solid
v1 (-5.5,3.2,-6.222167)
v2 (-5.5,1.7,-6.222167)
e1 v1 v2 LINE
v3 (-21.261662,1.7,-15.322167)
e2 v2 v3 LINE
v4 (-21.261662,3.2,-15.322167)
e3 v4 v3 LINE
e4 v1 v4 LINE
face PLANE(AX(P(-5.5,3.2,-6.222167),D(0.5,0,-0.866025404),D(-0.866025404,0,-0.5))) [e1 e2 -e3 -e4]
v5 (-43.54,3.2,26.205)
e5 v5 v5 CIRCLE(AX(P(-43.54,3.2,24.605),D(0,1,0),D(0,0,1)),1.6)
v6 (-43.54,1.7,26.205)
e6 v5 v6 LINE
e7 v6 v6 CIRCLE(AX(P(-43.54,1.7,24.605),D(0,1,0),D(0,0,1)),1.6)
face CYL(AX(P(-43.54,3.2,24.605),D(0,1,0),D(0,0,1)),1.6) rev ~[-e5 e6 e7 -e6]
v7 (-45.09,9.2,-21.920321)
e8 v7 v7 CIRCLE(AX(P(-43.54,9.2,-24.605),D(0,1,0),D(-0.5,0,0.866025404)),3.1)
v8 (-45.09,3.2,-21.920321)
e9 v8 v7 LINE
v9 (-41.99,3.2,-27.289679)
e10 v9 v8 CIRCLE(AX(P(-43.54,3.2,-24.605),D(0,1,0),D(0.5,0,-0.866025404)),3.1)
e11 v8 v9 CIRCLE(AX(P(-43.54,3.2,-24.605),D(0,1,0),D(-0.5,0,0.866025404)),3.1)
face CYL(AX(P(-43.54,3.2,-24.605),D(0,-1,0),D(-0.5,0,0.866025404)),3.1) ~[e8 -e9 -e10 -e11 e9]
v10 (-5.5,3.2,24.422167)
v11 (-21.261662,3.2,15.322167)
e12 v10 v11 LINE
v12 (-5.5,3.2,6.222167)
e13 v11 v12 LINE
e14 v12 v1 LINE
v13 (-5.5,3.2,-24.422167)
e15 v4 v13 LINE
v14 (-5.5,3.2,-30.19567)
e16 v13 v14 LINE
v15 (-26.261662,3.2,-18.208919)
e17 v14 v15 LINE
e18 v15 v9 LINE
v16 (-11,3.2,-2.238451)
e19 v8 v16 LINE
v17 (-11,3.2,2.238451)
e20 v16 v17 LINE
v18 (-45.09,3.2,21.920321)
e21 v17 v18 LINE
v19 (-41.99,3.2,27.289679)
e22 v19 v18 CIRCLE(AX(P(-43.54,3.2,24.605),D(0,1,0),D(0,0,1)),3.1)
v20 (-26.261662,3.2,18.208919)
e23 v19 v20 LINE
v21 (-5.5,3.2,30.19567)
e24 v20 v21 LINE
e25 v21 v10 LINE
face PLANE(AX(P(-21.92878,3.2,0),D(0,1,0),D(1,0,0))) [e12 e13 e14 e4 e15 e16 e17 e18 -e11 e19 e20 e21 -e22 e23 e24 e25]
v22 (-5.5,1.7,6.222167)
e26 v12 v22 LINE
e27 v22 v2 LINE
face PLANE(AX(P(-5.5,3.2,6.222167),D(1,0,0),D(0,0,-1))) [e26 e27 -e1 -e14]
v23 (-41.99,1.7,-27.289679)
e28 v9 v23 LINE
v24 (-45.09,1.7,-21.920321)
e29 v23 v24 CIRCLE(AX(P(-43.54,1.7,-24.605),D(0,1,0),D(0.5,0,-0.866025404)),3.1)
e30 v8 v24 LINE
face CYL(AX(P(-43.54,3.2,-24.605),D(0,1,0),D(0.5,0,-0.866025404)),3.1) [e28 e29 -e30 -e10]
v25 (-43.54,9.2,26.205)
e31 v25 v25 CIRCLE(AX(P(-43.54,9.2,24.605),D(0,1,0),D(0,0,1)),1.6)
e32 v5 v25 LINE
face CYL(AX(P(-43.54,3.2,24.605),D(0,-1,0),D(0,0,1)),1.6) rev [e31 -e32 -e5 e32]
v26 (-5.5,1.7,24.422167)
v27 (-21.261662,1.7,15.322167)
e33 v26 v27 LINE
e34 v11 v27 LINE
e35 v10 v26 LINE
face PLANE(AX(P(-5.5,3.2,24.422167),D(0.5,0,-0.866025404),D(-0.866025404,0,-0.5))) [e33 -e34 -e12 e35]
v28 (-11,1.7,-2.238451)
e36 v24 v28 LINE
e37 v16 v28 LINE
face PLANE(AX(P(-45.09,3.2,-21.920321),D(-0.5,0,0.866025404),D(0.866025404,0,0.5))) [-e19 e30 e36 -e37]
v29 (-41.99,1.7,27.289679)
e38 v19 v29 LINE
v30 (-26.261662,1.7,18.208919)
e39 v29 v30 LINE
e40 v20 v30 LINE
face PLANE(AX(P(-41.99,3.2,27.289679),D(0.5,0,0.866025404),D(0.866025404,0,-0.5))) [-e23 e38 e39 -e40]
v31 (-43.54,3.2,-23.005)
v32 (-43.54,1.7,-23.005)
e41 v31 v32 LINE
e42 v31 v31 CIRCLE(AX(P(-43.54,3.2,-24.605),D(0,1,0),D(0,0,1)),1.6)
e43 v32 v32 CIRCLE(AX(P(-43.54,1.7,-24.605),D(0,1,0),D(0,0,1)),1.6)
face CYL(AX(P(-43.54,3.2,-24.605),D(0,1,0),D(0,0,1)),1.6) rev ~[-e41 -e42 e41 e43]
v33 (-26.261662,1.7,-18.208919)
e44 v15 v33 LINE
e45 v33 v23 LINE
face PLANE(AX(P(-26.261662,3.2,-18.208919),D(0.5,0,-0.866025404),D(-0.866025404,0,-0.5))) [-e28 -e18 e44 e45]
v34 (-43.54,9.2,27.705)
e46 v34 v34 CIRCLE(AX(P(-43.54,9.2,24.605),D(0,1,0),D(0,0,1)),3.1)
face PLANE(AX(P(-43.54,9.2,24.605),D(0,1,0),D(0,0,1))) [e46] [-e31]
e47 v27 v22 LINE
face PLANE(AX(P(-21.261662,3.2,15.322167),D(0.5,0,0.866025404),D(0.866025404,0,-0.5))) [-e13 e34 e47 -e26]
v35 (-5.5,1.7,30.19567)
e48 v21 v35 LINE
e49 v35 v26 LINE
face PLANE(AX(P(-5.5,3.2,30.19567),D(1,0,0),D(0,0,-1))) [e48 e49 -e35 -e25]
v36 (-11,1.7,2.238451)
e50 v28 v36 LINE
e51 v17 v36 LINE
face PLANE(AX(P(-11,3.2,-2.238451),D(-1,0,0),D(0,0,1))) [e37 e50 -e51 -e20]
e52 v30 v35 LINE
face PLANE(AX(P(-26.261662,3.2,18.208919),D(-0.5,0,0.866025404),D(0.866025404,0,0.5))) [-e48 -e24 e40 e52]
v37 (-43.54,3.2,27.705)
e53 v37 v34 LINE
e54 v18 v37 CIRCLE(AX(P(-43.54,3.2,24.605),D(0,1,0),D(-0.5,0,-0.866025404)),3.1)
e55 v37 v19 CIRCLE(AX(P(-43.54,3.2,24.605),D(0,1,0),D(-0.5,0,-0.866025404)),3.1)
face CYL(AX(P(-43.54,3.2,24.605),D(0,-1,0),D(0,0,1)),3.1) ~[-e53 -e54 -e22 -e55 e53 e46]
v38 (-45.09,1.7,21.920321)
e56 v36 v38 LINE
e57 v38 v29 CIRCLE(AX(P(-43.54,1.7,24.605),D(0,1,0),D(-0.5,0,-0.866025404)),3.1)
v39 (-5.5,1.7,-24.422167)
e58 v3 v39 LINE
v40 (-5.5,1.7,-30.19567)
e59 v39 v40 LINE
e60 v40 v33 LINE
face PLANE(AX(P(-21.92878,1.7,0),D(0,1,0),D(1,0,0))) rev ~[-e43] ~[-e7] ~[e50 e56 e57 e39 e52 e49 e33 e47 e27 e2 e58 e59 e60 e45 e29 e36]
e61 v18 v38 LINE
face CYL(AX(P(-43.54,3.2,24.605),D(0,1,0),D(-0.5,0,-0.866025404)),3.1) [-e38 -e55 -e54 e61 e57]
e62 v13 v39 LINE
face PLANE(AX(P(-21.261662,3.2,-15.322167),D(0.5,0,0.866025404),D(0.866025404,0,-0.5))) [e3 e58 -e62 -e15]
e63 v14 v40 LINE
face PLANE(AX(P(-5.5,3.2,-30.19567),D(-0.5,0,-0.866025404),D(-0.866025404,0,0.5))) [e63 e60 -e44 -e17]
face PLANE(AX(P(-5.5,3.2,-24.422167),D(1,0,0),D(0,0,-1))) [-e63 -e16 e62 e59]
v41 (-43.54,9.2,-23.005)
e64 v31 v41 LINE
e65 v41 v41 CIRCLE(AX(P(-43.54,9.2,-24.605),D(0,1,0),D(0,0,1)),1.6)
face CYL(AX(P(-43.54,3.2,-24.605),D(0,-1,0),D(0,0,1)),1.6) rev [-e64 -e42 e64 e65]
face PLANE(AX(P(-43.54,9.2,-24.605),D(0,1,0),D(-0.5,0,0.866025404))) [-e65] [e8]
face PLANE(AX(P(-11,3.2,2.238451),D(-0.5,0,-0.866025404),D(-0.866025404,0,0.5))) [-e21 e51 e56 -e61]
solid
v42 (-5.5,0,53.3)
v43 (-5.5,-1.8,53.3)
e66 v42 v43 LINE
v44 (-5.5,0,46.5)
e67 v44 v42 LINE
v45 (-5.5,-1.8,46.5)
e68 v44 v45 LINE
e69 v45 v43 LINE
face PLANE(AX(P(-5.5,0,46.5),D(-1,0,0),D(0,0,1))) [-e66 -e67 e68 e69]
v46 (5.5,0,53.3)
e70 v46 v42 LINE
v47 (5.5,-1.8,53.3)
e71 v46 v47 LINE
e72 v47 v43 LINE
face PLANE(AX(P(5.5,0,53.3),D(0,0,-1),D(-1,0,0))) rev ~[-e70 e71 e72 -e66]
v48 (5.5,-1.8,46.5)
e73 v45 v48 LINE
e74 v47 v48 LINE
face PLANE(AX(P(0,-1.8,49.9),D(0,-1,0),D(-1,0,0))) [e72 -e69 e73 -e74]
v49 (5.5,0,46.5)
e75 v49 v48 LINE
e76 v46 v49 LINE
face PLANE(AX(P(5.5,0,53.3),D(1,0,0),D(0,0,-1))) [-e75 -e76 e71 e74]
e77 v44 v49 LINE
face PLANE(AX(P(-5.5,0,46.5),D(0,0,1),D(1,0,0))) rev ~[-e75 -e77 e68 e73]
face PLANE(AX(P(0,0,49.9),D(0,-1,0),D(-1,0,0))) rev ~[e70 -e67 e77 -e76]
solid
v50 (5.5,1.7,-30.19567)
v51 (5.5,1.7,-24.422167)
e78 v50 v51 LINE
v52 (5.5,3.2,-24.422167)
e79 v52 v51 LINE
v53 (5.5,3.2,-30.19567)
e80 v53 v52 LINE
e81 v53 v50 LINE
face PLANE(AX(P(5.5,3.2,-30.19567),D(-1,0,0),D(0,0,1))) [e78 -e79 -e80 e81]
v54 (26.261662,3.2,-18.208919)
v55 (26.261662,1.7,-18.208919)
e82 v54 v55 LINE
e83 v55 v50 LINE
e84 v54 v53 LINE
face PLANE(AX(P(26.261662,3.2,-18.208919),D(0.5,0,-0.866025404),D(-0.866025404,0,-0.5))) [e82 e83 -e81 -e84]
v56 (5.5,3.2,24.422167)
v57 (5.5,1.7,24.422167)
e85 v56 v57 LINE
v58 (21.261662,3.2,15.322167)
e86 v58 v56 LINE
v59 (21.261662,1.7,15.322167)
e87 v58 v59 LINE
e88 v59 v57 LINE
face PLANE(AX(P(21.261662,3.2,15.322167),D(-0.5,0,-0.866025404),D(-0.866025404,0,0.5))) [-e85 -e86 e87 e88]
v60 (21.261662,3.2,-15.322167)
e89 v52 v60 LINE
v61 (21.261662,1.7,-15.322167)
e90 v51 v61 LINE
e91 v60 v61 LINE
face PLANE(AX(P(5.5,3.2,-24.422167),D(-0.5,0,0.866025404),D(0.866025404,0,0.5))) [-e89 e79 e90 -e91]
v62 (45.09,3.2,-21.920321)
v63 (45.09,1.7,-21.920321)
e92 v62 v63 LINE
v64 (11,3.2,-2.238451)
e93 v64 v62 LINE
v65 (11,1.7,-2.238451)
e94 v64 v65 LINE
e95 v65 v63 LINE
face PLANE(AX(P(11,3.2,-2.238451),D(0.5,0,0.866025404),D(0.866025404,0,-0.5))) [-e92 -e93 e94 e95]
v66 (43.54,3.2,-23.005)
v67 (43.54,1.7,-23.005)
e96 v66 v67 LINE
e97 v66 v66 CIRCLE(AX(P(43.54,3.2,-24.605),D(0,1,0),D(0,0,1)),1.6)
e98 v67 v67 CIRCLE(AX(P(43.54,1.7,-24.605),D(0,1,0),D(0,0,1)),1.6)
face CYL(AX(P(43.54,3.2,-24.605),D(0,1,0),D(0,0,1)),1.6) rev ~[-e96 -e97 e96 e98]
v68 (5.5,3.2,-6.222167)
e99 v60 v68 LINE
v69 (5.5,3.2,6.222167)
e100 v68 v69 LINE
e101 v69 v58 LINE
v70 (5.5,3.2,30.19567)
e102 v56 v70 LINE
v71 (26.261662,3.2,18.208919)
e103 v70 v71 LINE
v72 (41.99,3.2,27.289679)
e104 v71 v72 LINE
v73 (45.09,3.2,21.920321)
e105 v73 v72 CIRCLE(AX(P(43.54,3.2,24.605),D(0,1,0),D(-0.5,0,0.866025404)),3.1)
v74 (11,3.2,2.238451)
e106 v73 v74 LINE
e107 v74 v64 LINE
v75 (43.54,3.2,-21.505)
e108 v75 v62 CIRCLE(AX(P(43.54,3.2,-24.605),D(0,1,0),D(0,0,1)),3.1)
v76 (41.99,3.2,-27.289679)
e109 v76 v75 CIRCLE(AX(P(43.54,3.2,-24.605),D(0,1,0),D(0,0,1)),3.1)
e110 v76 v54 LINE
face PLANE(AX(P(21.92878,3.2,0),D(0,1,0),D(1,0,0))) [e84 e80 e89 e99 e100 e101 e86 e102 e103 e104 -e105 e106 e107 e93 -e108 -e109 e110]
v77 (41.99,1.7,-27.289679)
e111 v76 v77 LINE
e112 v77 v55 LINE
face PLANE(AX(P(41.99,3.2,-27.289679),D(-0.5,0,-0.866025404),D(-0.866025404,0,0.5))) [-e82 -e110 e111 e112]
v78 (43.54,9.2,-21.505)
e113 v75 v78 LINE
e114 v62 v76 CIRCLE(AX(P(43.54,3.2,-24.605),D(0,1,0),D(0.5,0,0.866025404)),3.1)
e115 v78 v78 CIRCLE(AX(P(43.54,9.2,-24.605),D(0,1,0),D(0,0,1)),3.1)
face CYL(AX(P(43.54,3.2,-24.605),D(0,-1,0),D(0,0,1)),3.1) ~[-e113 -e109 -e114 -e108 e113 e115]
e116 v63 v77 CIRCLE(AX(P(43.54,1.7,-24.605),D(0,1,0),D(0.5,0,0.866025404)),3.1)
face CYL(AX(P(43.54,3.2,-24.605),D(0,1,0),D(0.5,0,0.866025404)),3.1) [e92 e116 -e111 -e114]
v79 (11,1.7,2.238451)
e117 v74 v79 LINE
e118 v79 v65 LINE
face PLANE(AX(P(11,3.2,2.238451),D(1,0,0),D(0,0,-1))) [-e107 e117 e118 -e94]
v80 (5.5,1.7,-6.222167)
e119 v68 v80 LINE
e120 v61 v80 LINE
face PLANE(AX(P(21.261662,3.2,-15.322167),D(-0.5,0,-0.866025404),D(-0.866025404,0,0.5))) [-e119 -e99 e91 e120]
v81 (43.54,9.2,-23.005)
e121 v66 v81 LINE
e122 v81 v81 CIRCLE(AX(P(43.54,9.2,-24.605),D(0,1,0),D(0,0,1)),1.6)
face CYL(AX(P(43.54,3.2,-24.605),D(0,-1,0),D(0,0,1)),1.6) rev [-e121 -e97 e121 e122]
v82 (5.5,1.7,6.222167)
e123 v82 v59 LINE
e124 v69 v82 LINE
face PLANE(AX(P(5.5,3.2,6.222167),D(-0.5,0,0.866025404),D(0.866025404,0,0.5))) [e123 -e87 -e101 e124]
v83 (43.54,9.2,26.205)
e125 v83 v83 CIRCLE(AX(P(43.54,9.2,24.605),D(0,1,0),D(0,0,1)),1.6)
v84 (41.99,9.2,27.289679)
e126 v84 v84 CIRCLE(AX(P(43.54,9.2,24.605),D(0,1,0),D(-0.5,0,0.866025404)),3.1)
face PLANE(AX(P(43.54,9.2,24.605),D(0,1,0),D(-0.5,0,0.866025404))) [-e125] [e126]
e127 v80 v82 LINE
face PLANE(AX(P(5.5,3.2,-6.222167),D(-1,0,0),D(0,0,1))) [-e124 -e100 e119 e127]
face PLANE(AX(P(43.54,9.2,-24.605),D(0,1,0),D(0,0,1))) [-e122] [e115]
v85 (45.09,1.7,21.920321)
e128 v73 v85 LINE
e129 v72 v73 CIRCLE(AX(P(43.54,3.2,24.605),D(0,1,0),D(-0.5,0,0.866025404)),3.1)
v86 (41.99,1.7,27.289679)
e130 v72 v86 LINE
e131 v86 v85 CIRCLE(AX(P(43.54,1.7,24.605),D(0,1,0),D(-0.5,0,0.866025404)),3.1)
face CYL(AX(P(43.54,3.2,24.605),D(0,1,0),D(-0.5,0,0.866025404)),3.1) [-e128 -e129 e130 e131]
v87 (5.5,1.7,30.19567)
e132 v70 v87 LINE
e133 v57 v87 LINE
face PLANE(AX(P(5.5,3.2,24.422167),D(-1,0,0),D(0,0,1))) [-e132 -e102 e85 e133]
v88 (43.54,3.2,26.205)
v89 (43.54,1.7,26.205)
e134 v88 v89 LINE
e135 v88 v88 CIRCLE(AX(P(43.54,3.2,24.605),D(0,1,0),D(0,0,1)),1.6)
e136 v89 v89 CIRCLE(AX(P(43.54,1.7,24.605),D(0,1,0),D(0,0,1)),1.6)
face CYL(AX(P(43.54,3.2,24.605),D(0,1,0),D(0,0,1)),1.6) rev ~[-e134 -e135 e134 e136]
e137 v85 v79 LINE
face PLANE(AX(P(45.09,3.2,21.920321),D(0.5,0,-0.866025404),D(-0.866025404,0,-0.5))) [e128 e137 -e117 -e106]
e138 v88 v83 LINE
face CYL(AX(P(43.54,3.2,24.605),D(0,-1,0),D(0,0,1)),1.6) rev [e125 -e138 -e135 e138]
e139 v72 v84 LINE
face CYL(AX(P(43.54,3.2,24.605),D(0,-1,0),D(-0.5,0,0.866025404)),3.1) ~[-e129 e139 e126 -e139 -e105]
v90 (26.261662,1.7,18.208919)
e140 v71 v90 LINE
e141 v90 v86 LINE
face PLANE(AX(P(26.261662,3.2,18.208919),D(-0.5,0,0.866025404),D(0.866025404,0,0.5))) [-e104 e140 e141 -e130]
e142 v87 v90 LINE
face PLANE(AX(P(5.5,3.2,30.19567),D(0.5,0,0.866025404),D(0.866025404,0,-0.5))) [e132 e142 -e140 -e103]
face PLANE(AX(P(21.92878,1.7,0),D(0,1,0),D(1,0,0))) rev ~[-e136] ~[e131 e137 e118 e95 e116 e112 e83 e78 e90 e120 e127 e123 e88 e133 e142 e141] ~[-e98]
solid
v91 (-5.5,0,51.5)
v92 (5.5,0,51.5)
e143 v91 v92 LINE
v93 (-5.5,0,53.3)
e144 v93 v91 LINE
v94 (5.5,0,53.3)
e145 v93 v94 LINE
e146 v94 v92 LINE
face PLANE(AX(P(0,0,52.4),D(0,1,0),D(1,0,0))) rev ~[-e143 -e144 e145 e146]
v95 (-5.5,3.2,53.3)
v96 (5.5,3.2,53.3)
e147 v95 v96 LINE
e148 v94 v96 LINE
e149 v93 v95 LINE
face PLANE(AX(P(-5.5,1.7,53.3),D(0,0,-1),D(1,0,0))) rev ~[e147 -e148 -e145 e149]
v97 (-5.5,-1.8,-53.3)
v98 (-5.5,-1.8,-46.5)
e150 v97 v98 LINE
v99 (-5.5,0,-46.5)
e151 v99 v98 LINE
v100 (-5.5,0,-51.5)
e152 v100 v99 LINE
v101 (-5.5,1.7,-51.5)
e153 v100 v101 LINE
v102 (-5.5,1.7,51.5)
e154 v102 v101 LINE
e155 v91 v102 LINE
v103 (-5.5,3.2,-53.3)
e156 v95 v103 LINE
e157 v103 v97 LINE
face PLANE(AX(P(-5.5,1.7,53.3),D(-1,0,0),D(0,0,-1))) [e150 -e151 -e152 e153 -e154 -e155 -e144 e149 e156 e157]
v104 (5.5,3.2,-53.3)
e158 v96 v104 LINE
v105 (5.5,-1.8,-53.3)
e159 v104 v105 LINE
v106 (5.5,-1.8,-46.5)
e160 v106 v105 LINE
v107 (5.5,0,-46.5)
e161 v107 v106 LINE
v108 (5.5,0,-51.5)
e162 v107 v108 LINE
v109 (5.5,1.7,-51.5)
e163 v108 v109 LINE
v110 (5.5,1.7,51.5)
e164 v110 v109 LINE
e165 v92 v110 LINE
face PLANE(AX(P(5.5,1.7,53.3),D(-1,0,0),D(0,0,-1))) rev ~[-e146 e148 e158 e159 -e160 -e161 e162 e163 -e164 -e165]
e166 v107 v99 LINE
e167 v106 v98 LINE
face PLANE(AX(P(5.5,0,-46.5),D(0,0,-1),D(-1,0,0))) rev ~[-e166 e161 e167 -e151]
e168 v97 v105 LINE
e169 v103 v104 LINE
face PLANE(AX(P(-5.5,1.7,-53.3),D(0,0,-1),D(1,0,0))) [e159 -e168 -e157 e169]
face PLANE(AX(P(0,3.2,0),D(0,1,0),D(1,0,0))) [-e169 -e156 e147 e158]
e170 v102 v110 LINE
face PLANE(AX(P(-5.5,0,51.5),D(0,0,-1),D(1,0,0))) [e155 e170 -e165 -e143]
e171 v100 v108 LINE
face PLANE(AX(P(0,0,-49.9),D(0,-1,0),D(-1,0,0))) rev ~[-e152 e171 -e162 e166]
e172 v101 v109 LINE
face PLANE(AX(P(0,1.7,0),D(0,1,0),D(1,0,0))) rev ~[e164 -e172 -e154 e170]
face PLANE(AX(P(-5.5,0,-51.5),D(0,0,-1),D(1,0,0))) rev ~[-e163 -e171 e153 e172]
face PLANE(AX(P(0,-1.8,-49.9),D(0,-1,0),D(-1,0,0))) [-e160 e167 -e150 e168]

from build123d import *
from build123d.topology import SkipClean

# Parameters (mm, degrees)
EXTRUDE_1_DEPTH   = 1.8
EXTRUDE_1_2_DEPTH = 1.8
SKETCH_2_W        = 11
SKETCH_2_H        = 1.8
EXTRUDE_2_DEPTH   = 1.7
SKETCH_3_W        = 11
SKETCH_3_H        = 106.6
EXTRUDE_3_DEPTH   = 1.5
SKETCH_4_R        = 1.6
EXTRUDE_5_DEPTH   = 1.5
EXTRUDE_5_2_DEPTH = 1.5
SKETCH_5_R        = 3.1
SKETCH_5_R_2      = 1.6
EXTRUDE_6_DEPTH   = 6


with BuildPart() as part:
    # 草图1 → 凸台-拉伸1 (new body)
    with BuildSketch(Plane(origin=(0, 0, 0), x_dir=(1, 0, 0), z_dir=(0, 1, 0))):
        Polygon((5.5, 53.3), (5.5, 51.5), (5.5, 46.5), (-5.5, 46.5), (-5.5, 51.5), (-5.5, 53.3), align=None)
    extrude(amount=-EXTRUDE_1_DEPTH)

    # 草图2 → 凸台-拉伸2 (add)
    with BuildSketch(Plane(origin=(0, 0, 0), x_dir=(1, 0, 0), z_dir=(0, 1, 0))):
        with Locations((0, 52.4)):
            Rectangle(SKETCH_2_W, SKETCH_2_H)
        with Locations((0, -52.4)):
            Rectangle(SKETCH_2_W, SKETCH_2_H)
    extrude(amount=EXTRUDE_2_DEPTH)


with BuildPart() as body_2:
    # 草图1 → Extrude 1 2 (new body)
    with BuildSketch(Plane(origin=(0, 0, 0), x_dir=(1, 0, 0), z_dir=(0, 1, 0))):
        Polygon((-5.5, -51.5), (-5.5, -46.5), (5.5, -46.5), (5.5, -51.5), (5.5, -53.3), (-5.5, -53.3), align=None)
    extrude(amount=-EXTRUDE_1_2_DEPTH)


with BuildPart() as extrude_2_piece_1:
    # of the separate pieces the step leaves, piece 1, a body of its own (extrude_2_pieces)
    add(part.part.solids().sort_by_distance((5.5, -1.8, -53.3))[0])



with BuildPart() as extrude_2_piece_2:
    # of the separate pieces the step leaves, piece 2, a body of its own (extrude_2_pieces)
    add(part.part.solids().sort_by_distance((-5.5, 0, 51.5))[0])


with BuildPart() as extrude_2_piece_1_1:
    add(extrude_2_piece_1.part)

    add(extrude_2_piece_2.part)  # 凸台-拉伸3 merges 凸台-拉伸2 piece 2
    # 草图3 → 凸台-拉伸3 (add)
    with BuildSketch(Plane(origin=(0, 1.7, 0), x_dir=(1, 0, 0), z_dir=(0, 1, 0))):
        Rectangle(SKETCH_3_W, SKETCH_3_H)
    extrude(amount=EXTRUDE_3_DEPTH)


with BuildPart() as body_3:
    # 草图4 → 凸台-拉伸5 (new body)
    with BuildSketch(Plane(origin=(0, 3.2, 0), x_dir=(1, 0, 0), z_dir=(0, 1, 0))):
        with BuildLine():
            ThreePointArc((-41.99, 27.289678752), (-46.224678752, 26.155), (-45.09, 21.920321248))
            Line((-45.09, 21.920321248), (-11, 2.238450572))
            Line((-11, 2.238450572), (-11, -2.238450572))
            Line((-11, -2.238450572), (-45.09, -21.920321248))
            ThreePointArc((-45.09, -21.920321248), (-46.224678752, -26.155), (-41.99, -27.289678752))
            Line((-41.99, -27.289678752), (-26.261662349, -18.208918775))
            Line((-26.261662349, -18.208918775), (-5.5, -30.195670121))
            Line((-5.5, -30.195670121), (-5.5, -24.422167429))
            Line((-5.5, -24.422167429), (-21.261662349, -15.322167429))
            Line((-21.261662349, -15.322167429), (-5.5, -6.222167429))
            Line((-5.5, -6.222167429), (-5.5, 6.222167429))
            Line((-5.5, 6.222167429), (-21.261662349, 15.322167429))
            Line((-21.261662349, 15.322167429), (-5.5, 24.422167429))
            Line((-5.5, 24.422167429), (-5.5, 30.195670121))
            Line((-5.5, 30.195670121), (-26.261662349, 18.208918775))
            Line((-26.261662349, 18.208918775), (-41.99, 27.289678752))
        make_face()
        with Locations(Location((-43.54, 24.605, 0), (0, 0, 270))):
            Circle(SKETCH_4_R, mode=Mode.SUBTRACT)
        with Locations(Location((-43.54, -24.605, 0), (0, 0, 270))):
            Circle(SKETCH_4_R, mode=Mode.SUBTRACT)
    extrude(amount=-EXTRUDE_5_DEPTH)



with BuildPart() as body_4:
    # 草图4 → Extrude 5 2 (new body)
    with BuildSketch(Plane(origin=(0, 3.2, 0), x_dir=(1, 0, 0), z_dir=(0, 1, 0))):
        with BuildLine():
            Line((26.261662349, 18.208918775), (5.5, 30.195670121))
            Line((5.5, 30.195670121), (5.5, 24.422167429))
            Line((5.5, 24.422167429), (21.261662349, 15.322167429))
            Line((21.261662349, 15.322167429), (5.5, 6.222167429))
            Line((5.5, 6.222167429), (5.5, -6.222167429))
            Line((5.5, -6.222167429), (21.261662349, -15.322167429))
            Line((21.261662349, -15.322167429), (5.5, -24.422167429))
            Line((5.5, -24.422167429), (5.5, -30.195670121))
            Line((5.5, -30.195670121), (26.261662349, -18.208918775))
            Line((26.261662349, -18.208918775), (41.99, -27.289678752))
            ThreePointArc((41.99, -27.289678752), (46.224678752, -26.155), (45.09, -21.920321248))
            Line((45.09, -21.920321248), (11, -2.238450572))
            Line((11, -2.238450572), (11, 2.238450572))
            Line((11, 2.238450572), (45.09, 21.920321248))
            ThreePointArc((45.09, 21.920321248), (46.224678752, 26.155), (41.99, 27.289678752))
            Line((41.99, 27.289678752), (26.261662349, 18.208918775))
        make_face()
        with Locations(Location((43.54, 24.605, 0), (0, 0, 270))):
            Circle(SKETCH_4_R, mode=Mode.SUBTRACT)
        with Locations(Location((43.54, -24.605, 0), (0, 0, 270))):
            Circle(SKETCH_4_R, mode=Mode.SUBTRACT)
    extrude(amount=-EXTRUDE_5_2_DEPTH)


with BuildPart() as body_3_1:
    with SkipClean():  # the faces are left unmerged after this step: merging them gives an invalid solid
        add(body_3.part)

        add(body_4.part)  # 凸台-拉伸6 merges body 4
        # 草图5 → 凸台-拉伸6 (add)
        # profile 1 of 4: a face of its own
        with BuildSketch(Plane(origin=(0, 3.2, 0), x_dir=(1, 0, 0), z_dir=(0, 1, 0))):
            with Locations(Location((43.54, 24.605, 0), (0, 0, 270))):
                Circle(SKETCH_5_R)
            with Locations(Location((43.54, 24.605, 0), (0, 0, 270))):
                Circle(SKETCH_5_R_2, mode=Mode.SUBTRACT)
        # profile 2 of 4: a face of its own
        with BuildSketch(Plane(origin=(0, 3.2, 0), x_dir=(1, 0, 0), z_dir=(0, 1, 0))):
            with Locations(Location((43.54, -24.605, 0), (0, 0, 240))):
                Circle(SKETCH_5_R)
            with Locations(Location((43.54, -24.605, 0), (0, 0, 270))):
                Circle(SKETCH_5_R_2, mode=Mode.SUBTRACT)
        # profile 3 of 4: a face of its own
        with BuildSketch(Plane(origin=(0, 3.2, 0), x_dir=(1, 0, 0), z_dir=(0, 1, 0))):
            with Locations(Location((-43.54, -24.605, 0), (0, 0, 270))):
                Circle(SKETCH_5_R)
            with Locations(Location((-43.54, -24.605, 0), (0, 0, 270))):
                Circle(SKETCH_5_R_2, mode=Mode.SUBTRACT)
        # profile 4 of 4: a face of its own
        with BuildSketch(Plane(origin=(0, 3.2, 0), x_dir=(1, 0, 0), z_dir=(0, 1, 0))):
            with Locations(Location((-43.54, 24.605, 0), (0, 0, 240))):
                Circle(SKETCH_5_R)
            with Locations(Location((-43.54, 24.605, 0), (0, 0, 270))):
                Circle(SKETCH_5_R_2, mode=Mode.SUBTRACT)
        extrude(amount=EXTRUDE_6_DEPTH)


solid = Compound([body_2.part, extrude_2_piece_1_1.part, body_3_1.part])
